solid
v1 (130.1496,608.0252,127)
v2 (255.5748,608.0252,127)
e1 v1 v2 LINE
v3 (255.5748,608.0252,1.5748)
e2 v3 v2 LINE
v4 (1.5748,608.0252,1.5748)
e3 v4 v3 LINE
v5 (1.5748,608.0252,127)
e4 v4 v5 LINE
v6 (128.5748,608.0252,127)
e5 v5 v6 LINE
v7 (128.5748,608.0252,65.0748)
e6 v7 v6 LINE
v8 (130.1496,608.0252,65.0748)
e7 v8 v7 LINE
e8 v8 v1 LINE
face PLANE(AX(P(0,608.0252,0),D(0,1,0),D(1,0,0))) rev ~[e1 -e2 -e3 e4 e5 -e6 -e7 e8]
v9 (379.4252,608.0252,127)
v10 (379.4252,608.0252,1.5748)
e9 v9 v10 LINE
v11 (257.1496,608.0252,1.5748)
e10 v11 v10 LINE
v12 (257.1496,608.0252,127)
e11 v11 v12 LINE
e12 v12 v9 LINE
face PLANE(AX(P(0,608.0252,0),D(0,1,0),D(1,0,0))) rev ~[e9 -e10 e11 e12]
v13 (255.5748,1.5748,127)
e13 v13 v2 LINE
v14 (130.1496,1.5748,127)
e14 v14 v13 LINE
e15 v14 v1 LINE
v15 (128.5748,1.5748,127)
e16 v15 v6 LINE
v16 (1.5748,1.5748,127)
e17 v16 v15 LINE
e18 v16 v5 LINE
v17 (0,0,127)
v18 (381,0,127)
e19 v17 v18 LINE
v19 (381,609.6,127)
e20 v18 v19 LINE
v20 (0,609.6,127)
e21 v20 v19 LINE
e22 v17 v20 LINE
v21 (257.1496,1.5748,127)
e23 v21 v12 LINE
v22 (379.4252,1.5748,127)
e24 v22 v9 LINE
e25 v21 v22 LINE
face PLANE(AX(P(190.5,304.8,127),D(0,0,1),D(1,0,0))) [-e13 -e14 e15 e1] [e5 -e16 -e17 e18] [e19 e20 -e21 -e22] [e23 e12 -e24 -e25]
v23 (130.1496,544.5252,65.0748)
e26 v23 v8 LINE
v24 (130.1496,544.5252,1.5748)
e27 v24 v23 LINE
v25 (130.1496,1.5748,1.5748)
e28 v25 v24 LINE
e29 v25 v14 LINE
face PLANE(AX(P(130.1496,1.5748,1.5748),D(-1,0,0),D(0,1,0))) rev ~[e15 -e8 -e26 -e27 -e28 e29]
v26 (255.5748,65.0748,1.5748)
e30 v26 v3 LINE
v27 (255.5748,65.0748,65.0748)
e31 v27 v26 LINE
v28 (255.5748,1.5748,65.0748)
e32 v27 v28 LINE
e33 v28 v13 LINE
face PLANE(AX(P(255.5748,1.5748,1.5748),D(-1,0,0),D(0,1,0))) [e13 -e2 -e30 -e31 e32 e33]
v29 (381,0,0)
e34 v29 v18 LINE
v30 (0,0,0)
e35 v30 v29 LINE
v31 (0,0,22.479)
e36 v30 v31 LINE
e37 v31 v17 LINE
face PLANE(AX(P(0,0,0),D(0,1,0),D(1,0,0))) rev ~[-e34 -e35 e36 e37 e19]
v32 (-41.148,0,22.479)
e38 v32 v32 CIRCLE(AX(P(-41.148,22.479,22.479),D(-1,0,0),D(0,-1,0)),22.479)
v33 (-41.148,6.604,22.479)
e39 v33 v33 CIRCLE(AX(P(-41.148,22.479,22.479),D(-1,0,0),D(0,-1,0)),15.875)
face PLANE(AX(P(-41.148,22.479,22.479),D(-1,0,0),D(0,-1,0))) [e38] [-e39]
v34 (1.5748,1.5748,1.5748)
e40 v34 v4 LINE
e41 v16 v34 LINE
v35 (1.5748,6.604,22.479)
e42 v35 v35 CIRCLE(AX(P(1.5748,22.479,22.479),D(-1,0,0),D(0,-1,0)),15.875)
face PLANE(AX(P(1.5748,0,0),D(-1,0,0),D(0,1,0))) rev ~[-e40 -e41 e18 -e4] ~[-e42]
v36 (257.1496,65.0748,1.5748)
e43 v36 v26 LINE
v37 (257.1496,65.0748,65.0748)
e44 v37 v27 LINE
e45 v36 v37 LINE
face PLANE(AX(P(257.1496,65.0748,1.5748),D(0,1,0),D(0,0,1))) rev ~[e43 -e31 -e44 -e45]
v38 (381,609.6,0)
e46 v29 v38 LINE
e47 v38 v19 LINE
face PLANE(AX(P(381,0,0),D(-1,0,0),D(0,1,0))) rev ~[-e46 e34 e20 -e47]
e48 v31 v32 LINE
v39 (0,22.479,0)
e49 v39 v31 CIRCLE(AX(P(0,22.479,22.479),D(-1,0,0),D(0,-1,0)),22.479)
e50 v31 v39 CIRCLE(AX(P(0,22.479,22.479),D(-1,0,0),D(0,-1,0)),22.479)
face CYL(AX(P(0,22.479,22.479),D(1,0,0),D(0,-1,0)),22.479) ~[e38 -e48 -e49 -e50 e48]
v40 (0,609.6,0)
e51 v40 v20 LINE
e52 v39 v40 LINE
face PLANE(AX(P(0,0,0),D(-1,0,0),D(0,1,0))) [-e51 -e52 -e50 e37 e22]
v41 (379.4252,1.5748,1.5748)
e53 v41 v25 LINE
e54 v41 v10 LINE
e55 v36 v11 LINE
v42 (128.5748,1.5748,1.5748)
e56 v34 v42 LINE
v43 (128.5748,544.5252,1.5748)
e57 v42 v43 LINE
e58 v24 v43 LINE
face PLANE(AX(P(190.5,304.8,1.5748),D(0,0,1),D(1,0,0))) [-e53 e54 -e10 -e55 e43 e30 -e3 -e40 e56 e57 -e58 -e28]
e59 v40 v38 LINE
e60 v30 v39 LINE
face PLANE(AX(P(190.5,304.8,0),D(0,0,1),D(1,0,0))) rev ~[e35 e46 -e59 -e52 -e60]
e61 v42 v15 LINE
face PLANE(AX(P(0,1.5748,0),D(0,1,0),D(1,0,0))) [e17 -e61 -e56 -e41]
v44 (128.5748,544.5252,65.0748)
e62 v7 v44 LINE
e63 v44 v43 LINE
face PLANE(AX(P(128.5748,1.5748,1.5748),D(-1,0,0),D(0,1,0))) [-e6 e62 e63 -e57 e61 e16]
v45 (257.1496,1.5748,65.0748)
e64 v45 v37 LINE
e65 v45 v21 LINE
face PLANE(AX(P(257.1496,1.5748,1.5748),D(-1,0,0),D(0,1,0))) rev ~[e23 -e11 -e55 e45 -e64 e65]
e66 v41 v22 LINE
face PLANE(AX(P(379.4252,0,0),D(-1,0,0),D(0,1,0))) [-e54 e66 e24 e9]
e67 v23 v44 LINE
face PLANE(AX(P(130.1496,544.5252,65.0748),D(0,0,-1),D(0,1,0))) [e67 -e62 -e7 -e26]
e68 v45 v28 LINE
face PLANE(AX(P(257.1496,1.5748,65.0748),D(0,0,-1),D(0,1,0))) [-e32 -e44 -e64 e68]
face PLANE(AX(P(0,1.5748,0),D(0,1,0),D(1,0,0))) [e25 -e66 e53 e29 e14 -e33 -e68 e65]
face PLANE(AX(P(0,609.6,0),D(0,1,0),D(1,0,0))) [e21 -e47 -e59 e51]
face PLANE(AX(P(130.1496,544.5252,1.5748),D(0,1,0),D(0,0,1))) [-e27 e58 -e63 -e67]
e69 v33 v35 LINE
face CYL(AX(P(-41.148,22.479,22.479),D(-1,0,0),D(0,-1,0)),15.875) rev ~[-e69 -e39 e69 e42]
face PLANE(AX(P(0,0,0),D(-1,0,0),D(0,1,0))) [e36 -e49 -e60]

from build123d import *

# Parameters (mm, degrees)
F0_W      = 381
F0_H      = 609.6
F1_DEPTH  = 127
F2_T      = -1.5748
F3_W      = 1.5748
F3_H      = 606.4504
F4_DEPTH  = 125.4252
F5_W      = 63.5
F5_H      = 63.5
F6_DEPTH  = 127
F7_W      = 63.5
F7_H      = 63.5
F8_DEPTH  = 128.5748
F9_R      = 22.479
F10_DEPTH = 41.148
F11_R     = 15.875
F12_DEPTH = 42.7228


with BuildPart() as f1:
    # F0 (on Top) → F1 (new body)
    with BuildSketch(Plane.XY):
        with Locations((190.5, 304.8)):
            Rectangle(F0_W, F0_H)
    extrude(amount=F1_DEPTH)

    # F2
    f2_openings = [f1.faces().sort_by_distance(p)[0] for p in [
        (190.5, 304.8, 127),
    ]]
    offset(amount=F2_T, openings=f2_openings)

    # F3 (on face) → F4 (join, through all)
    with BuildSketch(Plane.XY.offset(1.5748)):
        with Locations((129.3622, 304.8)):
            Rectangle(F3_W, F3_H)
        with Locations((256.3622, 304.8)):
            Rectangle(F3_W, F3_H)
    extrude(amount=F4_DEPTH)

    # F5 (on face) → F6 (cut, through all)
    with BuildSketch(Plane.YZ.offset(257.1496)):
        with Locations((33.3248, 33.3248)):
            Rectangle(F5_W, F5_H)
    extrude(amount=-F6_DEPTH, mode=Mode.SUBTRACT)

    # F7 (on face) → F8 (cut, through all)
    with BuildSketch(Plane.YZ.offset(130.1496)):
        with Locations((576.2752, 33.3248)):
            Rectangle(F7_W, F7_H)
    extrude(amount=-F8_DEPTH, mode=Mode.SUBTRACT)

    # F9 (on face) → F10 (join)
    with BuildSketch(Plane(origin=(0, 0, 0), x_dir=(0, -1, 0), z_dir=(-1, 0, 0))):
        with Locations((-22.479, 22.479)):
            Circle(F9_R)
    extrude(amount=F10_DEPTH)

    # F11 (on face) → F12 (cut, through all)
    with BuildSketch(Plane(origin=(-41.148, 0, 0), x_dir=(0, -1, 0), z_dir=(-1, 0, 0))):
        with Locations((-22.479, 22.479)):
            Circle(F11_R)
    extrude(amount=-F12_DEPTH, mode=Mode.SUBTRACT)


solid = f1.part
